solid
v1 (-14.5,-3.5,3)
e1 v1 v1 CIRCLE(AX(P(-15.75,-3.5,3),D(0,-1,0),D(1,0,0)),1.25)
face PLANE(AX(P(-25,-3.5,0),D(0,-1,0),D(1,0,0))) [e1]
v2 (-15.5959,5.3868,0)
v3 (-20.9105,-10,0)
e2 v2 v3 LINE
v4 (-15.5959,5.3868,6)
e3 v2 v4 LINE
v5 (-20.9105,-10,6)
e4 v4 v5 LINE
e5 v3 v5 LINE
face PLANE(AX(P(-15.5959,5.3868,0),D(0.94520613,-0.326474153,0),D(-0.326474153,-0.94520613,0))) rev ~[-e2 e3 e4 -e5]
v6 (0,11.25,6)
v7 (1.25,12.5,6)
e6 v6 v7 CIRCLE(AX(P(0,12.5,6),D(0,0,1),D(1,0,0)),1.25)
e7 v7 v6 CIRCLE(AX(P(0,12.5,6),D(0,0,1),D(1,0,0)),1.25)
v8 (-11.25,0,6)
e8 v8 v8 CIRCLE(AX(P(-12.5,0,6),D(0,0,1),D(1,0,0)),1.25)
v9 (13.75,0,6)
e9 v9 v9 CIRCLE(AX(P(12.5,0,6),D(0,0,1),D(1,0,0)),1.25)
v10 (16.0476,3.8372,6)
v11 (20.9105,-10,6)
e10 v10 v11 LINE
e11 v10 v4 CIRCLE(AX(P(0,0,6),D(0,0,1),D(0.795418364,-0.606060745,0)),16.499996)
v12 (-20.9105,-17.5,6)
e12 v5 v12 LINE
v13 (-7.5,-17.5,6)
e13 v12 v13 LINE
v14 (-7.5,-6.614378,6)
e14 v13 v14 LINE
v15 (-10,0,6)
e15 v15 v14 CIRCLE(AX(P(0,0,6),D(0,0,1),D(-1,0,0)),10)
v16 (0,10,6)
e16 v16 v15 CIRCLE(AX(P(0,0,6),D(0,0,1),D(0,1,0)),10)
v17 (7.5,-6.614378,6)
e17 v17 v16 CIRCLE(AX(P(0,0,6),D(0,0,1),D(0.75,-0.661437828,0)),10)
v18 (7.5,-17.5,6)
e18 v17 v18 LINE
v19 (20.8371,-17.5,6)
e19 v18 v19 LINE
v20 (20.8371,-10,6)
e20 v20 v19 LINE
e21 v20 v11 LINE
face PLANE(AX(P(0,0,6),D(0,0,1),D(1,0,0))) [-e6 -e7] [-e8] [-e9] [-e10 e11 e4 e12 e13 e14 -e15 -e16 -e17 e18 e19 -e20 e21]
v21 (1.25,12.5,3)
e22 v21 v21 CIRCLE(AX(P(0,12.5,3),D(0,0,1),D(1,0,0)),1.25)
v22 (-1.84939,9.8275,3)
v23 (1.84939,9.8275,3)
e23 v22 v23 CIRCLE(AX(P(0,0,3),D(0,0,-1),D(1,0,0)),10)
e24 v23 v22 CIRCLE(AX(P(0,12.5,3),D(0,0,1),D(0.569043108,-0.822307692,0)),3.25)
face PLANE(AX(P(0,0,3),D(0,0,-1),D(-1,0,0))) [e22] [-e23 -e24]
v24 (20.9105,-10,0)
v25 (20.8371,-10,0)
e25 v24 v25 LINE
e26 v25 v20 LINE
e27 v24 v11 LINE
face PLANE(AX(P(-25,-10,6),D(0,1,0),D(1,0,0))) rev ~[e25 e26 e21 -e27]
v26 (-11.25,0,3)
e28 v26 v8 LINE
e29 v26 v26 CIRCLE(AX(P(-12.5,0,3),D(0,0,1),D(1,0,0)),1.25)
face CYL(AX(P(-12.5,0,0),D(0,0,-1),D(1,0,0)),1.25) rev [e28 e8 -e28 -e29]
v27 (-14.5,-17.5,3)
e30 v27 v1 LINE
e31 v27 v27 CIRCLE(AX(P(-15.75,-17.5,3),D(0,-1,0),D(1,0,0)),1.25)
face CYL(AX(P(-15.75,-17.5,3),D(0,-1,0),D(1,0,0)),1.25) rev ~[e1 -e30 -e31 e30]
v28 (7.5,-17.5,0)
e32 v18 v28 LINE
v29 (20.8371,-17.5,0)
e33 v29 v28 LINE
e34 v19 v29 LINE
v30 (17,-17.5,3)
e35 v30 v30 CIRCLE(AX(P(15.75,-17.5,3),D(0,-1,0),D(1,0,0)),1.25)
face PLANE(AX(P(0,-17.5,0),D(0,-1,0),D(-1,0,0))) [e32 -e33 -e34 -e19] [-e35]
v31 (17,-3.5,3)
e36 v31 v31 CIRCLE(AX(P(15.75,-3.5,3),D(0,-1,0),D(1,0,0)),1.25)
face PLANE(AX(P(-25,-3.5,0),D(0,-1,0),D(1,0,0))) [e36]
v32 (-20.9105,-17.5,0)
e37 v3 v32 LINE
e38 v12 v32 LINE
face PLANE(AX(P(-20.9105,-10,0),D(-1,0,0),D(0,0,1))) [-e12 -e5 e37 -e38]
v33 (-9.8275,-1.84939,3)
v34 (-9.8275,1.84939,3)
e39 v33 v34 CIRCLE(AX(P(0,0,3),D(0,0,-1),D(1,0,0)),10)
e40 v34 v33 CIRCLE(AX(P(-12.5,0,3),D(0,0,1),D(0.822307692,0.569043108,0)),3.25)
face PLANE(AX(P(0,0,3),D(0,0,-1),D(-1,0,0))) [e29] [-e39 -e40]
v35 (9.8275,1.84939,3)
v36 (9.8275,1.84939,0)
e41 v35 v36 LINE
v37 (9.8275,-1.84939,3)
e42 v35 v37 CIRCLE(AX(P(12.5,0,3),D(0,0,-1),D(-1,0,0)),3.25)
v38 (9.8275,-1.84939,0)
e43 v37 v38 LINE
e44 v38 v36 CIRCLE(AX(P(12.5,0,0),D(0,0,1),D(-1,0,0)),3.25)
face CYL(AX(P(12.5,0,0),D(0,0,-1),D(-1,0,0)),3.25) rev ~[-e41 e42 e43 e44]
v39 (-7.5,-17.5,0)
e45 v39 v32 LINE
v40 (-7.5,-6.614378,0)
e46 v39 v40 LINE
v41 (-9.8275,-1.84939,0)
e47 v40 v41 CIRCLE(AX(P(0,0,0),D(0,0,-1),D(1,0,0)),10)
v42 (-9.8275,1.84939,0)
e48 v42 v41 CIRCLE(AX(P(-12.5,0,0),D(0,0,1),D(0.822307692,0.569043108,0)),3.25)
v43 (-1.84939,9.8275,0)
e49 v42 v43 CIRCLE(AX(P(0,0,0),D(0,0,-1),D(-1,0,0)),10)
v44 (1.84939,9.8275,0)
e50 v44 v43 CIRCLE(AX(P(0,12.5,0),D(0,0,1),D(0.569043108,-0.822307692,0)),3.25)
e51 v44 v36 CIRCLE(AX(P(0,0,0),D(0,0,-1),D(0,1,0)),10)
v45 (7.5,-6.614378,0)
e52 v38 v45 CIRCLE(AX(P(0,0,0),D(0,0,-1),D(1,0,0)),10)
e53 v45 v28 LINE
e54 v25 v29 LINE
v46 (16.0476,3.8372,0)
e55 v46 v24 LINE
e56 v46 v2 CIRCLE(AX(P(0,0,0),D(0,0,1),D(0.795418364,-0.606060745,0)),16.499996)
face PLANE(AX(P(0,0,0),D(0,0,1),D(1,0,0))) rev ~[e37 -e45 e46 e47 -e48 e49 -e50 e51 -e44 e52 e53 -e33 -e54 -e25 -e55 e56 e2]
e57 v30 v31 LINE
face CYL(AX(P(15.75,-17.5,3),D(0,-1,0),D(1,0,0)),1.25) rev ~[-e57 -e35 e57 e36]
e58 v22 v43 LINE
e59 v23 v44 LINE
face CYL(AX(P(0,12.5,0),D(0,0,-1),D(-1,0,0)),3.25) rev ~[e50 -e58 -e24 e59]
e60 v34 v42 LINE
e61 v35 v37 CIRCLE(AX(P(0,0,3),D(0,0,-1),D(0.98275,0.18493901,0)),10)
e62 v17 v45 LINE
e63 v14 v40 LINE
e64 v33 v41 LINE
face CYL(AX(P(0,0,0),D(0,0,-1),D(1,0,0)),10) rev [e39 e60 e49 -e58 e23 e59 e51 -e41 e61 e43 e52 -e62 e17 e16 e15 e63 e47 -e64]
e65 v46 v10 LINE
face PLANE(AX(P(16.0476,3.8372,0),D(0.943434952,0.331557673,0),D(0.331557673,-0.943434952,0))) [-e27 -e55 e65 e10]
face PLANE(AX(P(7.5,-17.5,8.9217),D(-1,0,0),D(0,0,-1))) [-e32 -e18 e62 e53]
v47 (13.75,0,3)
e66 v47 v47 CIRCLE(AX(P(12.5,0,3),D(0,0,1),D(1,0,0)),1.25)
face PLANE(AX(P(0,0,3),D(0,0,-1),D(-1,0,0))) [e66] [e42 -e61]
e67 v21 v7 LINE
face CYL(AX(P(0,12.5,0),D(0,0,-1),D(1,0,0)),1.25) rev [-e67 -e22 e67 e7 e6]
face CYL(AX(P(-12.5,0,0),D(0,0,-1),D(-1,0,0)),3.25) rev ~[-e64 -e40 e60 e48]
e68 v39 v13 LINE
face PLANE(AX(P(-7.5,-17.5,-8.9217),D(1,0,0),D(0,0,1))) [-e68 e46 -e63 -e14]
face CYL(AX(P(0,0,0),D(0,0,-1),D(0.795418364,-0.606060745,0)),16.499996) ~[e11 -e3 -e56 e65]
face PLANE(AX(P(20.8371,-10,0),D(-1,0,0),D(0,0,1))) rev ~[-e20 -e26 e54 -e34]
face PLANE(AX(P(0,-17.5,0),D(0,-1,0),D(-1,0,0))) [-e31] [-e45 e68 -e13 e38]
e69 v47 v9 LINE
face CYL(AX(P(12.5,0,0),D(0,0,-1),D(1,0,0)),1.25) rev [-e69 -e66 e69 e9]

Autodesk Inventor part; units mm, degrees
ref_plane "YZ Plane" through (0, 0, 0) normal (1, 0, 0) x (0, 1, 0)
ref_plane "XZ Plane" through (0, 0, 0) normal (0, 1, 0) x (-1, 0, 0)
ref_plane "XY Plane" through (0, 0, 0) normal (0, 0, 1) x (1, 0, 0)
sketch "Sketch1" plane through (0, 0, 0) normal (0, 0, 1) x (1, 0, 0)
  circle A0 centre (0, 0) radius 10
  arc A1 (13.1244, -10) -> (-13.1244, -10) centre (0, 0) ccw
  line L0 (13.1244, -10) -> (25, -10)
  line L1 (25, -10) -> (0, -10)
  line L2 (-13.1244, -10) -> (-25, -10)
  line L3 (0, 0) -> (0, -17.5)
  line L4 (0, -17.5) -> (-25, -17.5)
  line L5 (-25, -17.5) -> (-25, -10)
  line L6 (25, -10) -> (25, -17.5)
  line L7 (25, -17.5) -> (0, -17.5)
  line L8 (0, 0) -> (-12.5, 0)
  circle A2 centre (-12.5, 0) radius 1.25
  line L9 (0, 0) -> (0, 12.5)
  circle A3 centre (0, 12.5) radius 1.25
  circle A4 centre (12.5, 0) radius 1.25
  circle A5 centre (0, -12.5) radius 1.25
  circle A6 centre (12.5, 0) radius 3.25
  circle A7 centre (-12.5, 0) radius 3.25
  line L10 (0, 0) -> (2.11, 2.11)
  line L11 (0, 0) -> (2.984, 0) construction
  circle A8 centre (0, 12.5) radius 3.25
  circle A9 centre (0, -12.5) radius 3.25
  dimension "d0" = 20
  dimension "d1" = 33
  dimension "d2" = 25
  dimension "d3" = 25
  dimension "d4" = 17.5
  dimension "d5" = 25
  dimension "d6" = 12.5
  dimension "d7" = 2.5
  dimension "d8" = 12.5
  dimension "d9" = 2.5
  dimension "d15" = 6.5
  dimension "d16" = 45
  dimension "d17" = 6.5
  dimension "d18" = 6.5
extrude "Extrusion1" add sketch "Sketch1" along normal blind 6 contours A0 A6 | A0 A8 A7 A9 L3 L4 L5 L2 A1 L1 A6 | A0 A8 | A9 L1 A0 | L3 A5 A9 A0 | L1 A9 L3 A5 | L1 L0 L6 L7 L3 A9 | A5 L3 | L3 A5 | A0 A7 picked at (10.6028, 1.4923)
fillet "Fillet1" radius 5 2 edges at (13.1244, -10, 3) (-13.1244, -10, 3)
sketch "Sketch2" plane through (0, 0, 0) normal (0, 0, -1) x (-1, 0, 0)
  circle A0 centre (0, 12.5) radius 1.25 projected
  line L0 (0, 0) -> (-3.0567, 0)
  circle A1 centre (0, -12.5) radius 1.25
extrude "Extrusion2" cut sketch "Sketch2" against normal blind 10 contours A1
sketch "Sketch3" plane through (0, 0, 0) normal (0, 0, -1) x (-1, 0, 0)
  circle A0 centre (-12.5, 0) radius 1.25 projected
  circle A1 centre (0, -12.5) radius 1.25 projected
  circle A2 centre (0, 0) radius 10 projected
  circle A3 centre (-12.5, 0) radius 1.25 projected
  circle A4 centre (0, 12.5) radius 1.25 projected
  circle A5 centre (12.5, 0) radius 1.25 projected
  line L0 (25, -17.5) -> (-25, -17.5) projected
  line L1 (25, -10) -> (25, -17.5) projected
  line L2 (20.9105, -10) -> (25, -10) projected
  arc A6 (16.0476, -3.8372) -> (20.9105, -10) centre (20.9105, -5) ccw projected
  arc A7 (16.0476, -3.8372) -> (-16.0476, -3.8372) centre (0, 0) ccw projected
  arc A8 (-20.9105, -10) -> (-16.0476, -3.8372) centre (-20.9105, -5) ccw projected
  line L3 (-25, -10) -> (-20.9105, -10) projected
  line L4 (-25, -17.5) -> (-25, -10) projected
  circle A9 centre (-12.5, 0) radius 3.25
  circle A10 centre (0, 12.5) radius 3.25
  circle A11 centre (12.5, 0) radius 1.25 projected
  circle A12 centre (12.5, 0) radius 3.25
  circle A13 centre (0, -12.5) radius 3.25
  dimension "d19" = 6.5
  dimension "d20" = 6.5
  dimension "d21" = 6.5
  dimension "d22" = 6.5
extrude "Extrusion3" cut sketch "Sketch3" against normal blind 3 contours A2 A12 | A2 A12 | A10 A2 | A2 A10 | A13 A2 | A2 A13 | A9 A2 | A2 A9
sketch "Sketch4" plane through (0, 0, 0) normal (0, 0, -1) x (-1, 0, 0)
  arc A0 (16.0476, -3.8372) -> (-16.0476, -3.8372) centre (0, 0) ccw projected
  line L0 (-25, -10) -> (-20.9105, -10) projected
  line L1 (-16.0476, 3.8372) -> (-20.9105, -10)
  line L2 (15.5959, 5.3868) -> (20.9105, -10)
  arc A1 (16.0476, -3.8372) -> (20.9105, -10) centre (20.9105, -5) ccw projected
  arc A2 (-20.9105, -10) -> (-16.0476, -3.8372) centre (-20.9105, -5) ccw projected
extrude "Extrusion4" add sketch "Sketch4" against normal up to surface (6 mm away)
sketch "Sketch5" plane through (-25, -17.5, 0) normal (0, -1, 0) x (1, 0, 0)
  line L0 (0, 6) -> (50, 6) projected
  line L1 (0, 0) -> (50, 0) projected
  circle A0 centre (40.75, 3) radius 1.25
  circle A1 centre (9.25, 3) radius 1.25
  point P0 (25, 0)
  dimension "d27" = 2.5
extrude "Extrusion5" cut sketch "Sketch5" against normal blind 14
sketch "Sketch6" plane through (-25, -17.5, 0) normal (0, -1, 0) x (1, 0, 0)
  circle A0 centre (9.25, 3) radius 1.25 projected
  circle A1 centre (40.75, 3) radius 1.25 projected
  point P0 (25, 0)
  dimension "d30" = 31.5
sketch "Sketch7" plane through (-25, -17.5, 0) normal (0, -1, 0) x (1, 0, 0)
  line L0 (32.5, -8.9217) -> (17.5, -8.9217)
  line L1 (17.5, -8.9217) -> (17.5, 8.9217)
  line L2 (17.5, 8.9217) -> (32.5, 8.9217)
  line L3 (32.5, 8.9217) -> (32.5, -8.9217)
  line L4 (32.5, -8.9217) -> (17.5, 8.9217) construction
  line L5 (17.5, -8.9217) -> (32.5, 8.9217) construction
  point P0 (25, 0)
  dimension "d31" = 15
extrude "Extrusion6" cut sketch "Sketch7" against normal blind 14
sketch "Sketch8" plane through (-25, -10, 6) normal (0, 1, 0) x (1, 0, 0)
  line L0 (9.4041, 6) -> (41.0476, 6) projected
  line L1 (4.0895, 6) -> (4.0895, 0) projected
  line L2 (9.4041, 6) -> (4.0895, 6)
  line L3 (4.0895, 6) -> (4.0895, 0)
  line L4 (4.0895, 0) -> (9.4041, 0)
  line L5 (9.4041, 0) -> (9.4041, 6)
  line L6 (45.8371, 0) -> (50, 0)
  line L7 (50, 0) -> (50, 6)
  line L8 (50, 6) -> (45.8371, 6)
  line L9 (45.8371, 6) -> (45.8371, 0)
  line L10 (0, 0) -> (4.0895, 0)
  line L11 (4.0895, 0) -> (4.0895, 6)
  line L12 (4.0895, 6) -> (0, 6)
  line L13 (0, 6) -> (0, 0)
  point P0 (25, 6)
extrude "Extrusion7" cut sketch "Sketch8" against normal blind 14 contours L1 L10 L13 L12 | L9 L8 L7 L6
properties part number "ROTATION2"
